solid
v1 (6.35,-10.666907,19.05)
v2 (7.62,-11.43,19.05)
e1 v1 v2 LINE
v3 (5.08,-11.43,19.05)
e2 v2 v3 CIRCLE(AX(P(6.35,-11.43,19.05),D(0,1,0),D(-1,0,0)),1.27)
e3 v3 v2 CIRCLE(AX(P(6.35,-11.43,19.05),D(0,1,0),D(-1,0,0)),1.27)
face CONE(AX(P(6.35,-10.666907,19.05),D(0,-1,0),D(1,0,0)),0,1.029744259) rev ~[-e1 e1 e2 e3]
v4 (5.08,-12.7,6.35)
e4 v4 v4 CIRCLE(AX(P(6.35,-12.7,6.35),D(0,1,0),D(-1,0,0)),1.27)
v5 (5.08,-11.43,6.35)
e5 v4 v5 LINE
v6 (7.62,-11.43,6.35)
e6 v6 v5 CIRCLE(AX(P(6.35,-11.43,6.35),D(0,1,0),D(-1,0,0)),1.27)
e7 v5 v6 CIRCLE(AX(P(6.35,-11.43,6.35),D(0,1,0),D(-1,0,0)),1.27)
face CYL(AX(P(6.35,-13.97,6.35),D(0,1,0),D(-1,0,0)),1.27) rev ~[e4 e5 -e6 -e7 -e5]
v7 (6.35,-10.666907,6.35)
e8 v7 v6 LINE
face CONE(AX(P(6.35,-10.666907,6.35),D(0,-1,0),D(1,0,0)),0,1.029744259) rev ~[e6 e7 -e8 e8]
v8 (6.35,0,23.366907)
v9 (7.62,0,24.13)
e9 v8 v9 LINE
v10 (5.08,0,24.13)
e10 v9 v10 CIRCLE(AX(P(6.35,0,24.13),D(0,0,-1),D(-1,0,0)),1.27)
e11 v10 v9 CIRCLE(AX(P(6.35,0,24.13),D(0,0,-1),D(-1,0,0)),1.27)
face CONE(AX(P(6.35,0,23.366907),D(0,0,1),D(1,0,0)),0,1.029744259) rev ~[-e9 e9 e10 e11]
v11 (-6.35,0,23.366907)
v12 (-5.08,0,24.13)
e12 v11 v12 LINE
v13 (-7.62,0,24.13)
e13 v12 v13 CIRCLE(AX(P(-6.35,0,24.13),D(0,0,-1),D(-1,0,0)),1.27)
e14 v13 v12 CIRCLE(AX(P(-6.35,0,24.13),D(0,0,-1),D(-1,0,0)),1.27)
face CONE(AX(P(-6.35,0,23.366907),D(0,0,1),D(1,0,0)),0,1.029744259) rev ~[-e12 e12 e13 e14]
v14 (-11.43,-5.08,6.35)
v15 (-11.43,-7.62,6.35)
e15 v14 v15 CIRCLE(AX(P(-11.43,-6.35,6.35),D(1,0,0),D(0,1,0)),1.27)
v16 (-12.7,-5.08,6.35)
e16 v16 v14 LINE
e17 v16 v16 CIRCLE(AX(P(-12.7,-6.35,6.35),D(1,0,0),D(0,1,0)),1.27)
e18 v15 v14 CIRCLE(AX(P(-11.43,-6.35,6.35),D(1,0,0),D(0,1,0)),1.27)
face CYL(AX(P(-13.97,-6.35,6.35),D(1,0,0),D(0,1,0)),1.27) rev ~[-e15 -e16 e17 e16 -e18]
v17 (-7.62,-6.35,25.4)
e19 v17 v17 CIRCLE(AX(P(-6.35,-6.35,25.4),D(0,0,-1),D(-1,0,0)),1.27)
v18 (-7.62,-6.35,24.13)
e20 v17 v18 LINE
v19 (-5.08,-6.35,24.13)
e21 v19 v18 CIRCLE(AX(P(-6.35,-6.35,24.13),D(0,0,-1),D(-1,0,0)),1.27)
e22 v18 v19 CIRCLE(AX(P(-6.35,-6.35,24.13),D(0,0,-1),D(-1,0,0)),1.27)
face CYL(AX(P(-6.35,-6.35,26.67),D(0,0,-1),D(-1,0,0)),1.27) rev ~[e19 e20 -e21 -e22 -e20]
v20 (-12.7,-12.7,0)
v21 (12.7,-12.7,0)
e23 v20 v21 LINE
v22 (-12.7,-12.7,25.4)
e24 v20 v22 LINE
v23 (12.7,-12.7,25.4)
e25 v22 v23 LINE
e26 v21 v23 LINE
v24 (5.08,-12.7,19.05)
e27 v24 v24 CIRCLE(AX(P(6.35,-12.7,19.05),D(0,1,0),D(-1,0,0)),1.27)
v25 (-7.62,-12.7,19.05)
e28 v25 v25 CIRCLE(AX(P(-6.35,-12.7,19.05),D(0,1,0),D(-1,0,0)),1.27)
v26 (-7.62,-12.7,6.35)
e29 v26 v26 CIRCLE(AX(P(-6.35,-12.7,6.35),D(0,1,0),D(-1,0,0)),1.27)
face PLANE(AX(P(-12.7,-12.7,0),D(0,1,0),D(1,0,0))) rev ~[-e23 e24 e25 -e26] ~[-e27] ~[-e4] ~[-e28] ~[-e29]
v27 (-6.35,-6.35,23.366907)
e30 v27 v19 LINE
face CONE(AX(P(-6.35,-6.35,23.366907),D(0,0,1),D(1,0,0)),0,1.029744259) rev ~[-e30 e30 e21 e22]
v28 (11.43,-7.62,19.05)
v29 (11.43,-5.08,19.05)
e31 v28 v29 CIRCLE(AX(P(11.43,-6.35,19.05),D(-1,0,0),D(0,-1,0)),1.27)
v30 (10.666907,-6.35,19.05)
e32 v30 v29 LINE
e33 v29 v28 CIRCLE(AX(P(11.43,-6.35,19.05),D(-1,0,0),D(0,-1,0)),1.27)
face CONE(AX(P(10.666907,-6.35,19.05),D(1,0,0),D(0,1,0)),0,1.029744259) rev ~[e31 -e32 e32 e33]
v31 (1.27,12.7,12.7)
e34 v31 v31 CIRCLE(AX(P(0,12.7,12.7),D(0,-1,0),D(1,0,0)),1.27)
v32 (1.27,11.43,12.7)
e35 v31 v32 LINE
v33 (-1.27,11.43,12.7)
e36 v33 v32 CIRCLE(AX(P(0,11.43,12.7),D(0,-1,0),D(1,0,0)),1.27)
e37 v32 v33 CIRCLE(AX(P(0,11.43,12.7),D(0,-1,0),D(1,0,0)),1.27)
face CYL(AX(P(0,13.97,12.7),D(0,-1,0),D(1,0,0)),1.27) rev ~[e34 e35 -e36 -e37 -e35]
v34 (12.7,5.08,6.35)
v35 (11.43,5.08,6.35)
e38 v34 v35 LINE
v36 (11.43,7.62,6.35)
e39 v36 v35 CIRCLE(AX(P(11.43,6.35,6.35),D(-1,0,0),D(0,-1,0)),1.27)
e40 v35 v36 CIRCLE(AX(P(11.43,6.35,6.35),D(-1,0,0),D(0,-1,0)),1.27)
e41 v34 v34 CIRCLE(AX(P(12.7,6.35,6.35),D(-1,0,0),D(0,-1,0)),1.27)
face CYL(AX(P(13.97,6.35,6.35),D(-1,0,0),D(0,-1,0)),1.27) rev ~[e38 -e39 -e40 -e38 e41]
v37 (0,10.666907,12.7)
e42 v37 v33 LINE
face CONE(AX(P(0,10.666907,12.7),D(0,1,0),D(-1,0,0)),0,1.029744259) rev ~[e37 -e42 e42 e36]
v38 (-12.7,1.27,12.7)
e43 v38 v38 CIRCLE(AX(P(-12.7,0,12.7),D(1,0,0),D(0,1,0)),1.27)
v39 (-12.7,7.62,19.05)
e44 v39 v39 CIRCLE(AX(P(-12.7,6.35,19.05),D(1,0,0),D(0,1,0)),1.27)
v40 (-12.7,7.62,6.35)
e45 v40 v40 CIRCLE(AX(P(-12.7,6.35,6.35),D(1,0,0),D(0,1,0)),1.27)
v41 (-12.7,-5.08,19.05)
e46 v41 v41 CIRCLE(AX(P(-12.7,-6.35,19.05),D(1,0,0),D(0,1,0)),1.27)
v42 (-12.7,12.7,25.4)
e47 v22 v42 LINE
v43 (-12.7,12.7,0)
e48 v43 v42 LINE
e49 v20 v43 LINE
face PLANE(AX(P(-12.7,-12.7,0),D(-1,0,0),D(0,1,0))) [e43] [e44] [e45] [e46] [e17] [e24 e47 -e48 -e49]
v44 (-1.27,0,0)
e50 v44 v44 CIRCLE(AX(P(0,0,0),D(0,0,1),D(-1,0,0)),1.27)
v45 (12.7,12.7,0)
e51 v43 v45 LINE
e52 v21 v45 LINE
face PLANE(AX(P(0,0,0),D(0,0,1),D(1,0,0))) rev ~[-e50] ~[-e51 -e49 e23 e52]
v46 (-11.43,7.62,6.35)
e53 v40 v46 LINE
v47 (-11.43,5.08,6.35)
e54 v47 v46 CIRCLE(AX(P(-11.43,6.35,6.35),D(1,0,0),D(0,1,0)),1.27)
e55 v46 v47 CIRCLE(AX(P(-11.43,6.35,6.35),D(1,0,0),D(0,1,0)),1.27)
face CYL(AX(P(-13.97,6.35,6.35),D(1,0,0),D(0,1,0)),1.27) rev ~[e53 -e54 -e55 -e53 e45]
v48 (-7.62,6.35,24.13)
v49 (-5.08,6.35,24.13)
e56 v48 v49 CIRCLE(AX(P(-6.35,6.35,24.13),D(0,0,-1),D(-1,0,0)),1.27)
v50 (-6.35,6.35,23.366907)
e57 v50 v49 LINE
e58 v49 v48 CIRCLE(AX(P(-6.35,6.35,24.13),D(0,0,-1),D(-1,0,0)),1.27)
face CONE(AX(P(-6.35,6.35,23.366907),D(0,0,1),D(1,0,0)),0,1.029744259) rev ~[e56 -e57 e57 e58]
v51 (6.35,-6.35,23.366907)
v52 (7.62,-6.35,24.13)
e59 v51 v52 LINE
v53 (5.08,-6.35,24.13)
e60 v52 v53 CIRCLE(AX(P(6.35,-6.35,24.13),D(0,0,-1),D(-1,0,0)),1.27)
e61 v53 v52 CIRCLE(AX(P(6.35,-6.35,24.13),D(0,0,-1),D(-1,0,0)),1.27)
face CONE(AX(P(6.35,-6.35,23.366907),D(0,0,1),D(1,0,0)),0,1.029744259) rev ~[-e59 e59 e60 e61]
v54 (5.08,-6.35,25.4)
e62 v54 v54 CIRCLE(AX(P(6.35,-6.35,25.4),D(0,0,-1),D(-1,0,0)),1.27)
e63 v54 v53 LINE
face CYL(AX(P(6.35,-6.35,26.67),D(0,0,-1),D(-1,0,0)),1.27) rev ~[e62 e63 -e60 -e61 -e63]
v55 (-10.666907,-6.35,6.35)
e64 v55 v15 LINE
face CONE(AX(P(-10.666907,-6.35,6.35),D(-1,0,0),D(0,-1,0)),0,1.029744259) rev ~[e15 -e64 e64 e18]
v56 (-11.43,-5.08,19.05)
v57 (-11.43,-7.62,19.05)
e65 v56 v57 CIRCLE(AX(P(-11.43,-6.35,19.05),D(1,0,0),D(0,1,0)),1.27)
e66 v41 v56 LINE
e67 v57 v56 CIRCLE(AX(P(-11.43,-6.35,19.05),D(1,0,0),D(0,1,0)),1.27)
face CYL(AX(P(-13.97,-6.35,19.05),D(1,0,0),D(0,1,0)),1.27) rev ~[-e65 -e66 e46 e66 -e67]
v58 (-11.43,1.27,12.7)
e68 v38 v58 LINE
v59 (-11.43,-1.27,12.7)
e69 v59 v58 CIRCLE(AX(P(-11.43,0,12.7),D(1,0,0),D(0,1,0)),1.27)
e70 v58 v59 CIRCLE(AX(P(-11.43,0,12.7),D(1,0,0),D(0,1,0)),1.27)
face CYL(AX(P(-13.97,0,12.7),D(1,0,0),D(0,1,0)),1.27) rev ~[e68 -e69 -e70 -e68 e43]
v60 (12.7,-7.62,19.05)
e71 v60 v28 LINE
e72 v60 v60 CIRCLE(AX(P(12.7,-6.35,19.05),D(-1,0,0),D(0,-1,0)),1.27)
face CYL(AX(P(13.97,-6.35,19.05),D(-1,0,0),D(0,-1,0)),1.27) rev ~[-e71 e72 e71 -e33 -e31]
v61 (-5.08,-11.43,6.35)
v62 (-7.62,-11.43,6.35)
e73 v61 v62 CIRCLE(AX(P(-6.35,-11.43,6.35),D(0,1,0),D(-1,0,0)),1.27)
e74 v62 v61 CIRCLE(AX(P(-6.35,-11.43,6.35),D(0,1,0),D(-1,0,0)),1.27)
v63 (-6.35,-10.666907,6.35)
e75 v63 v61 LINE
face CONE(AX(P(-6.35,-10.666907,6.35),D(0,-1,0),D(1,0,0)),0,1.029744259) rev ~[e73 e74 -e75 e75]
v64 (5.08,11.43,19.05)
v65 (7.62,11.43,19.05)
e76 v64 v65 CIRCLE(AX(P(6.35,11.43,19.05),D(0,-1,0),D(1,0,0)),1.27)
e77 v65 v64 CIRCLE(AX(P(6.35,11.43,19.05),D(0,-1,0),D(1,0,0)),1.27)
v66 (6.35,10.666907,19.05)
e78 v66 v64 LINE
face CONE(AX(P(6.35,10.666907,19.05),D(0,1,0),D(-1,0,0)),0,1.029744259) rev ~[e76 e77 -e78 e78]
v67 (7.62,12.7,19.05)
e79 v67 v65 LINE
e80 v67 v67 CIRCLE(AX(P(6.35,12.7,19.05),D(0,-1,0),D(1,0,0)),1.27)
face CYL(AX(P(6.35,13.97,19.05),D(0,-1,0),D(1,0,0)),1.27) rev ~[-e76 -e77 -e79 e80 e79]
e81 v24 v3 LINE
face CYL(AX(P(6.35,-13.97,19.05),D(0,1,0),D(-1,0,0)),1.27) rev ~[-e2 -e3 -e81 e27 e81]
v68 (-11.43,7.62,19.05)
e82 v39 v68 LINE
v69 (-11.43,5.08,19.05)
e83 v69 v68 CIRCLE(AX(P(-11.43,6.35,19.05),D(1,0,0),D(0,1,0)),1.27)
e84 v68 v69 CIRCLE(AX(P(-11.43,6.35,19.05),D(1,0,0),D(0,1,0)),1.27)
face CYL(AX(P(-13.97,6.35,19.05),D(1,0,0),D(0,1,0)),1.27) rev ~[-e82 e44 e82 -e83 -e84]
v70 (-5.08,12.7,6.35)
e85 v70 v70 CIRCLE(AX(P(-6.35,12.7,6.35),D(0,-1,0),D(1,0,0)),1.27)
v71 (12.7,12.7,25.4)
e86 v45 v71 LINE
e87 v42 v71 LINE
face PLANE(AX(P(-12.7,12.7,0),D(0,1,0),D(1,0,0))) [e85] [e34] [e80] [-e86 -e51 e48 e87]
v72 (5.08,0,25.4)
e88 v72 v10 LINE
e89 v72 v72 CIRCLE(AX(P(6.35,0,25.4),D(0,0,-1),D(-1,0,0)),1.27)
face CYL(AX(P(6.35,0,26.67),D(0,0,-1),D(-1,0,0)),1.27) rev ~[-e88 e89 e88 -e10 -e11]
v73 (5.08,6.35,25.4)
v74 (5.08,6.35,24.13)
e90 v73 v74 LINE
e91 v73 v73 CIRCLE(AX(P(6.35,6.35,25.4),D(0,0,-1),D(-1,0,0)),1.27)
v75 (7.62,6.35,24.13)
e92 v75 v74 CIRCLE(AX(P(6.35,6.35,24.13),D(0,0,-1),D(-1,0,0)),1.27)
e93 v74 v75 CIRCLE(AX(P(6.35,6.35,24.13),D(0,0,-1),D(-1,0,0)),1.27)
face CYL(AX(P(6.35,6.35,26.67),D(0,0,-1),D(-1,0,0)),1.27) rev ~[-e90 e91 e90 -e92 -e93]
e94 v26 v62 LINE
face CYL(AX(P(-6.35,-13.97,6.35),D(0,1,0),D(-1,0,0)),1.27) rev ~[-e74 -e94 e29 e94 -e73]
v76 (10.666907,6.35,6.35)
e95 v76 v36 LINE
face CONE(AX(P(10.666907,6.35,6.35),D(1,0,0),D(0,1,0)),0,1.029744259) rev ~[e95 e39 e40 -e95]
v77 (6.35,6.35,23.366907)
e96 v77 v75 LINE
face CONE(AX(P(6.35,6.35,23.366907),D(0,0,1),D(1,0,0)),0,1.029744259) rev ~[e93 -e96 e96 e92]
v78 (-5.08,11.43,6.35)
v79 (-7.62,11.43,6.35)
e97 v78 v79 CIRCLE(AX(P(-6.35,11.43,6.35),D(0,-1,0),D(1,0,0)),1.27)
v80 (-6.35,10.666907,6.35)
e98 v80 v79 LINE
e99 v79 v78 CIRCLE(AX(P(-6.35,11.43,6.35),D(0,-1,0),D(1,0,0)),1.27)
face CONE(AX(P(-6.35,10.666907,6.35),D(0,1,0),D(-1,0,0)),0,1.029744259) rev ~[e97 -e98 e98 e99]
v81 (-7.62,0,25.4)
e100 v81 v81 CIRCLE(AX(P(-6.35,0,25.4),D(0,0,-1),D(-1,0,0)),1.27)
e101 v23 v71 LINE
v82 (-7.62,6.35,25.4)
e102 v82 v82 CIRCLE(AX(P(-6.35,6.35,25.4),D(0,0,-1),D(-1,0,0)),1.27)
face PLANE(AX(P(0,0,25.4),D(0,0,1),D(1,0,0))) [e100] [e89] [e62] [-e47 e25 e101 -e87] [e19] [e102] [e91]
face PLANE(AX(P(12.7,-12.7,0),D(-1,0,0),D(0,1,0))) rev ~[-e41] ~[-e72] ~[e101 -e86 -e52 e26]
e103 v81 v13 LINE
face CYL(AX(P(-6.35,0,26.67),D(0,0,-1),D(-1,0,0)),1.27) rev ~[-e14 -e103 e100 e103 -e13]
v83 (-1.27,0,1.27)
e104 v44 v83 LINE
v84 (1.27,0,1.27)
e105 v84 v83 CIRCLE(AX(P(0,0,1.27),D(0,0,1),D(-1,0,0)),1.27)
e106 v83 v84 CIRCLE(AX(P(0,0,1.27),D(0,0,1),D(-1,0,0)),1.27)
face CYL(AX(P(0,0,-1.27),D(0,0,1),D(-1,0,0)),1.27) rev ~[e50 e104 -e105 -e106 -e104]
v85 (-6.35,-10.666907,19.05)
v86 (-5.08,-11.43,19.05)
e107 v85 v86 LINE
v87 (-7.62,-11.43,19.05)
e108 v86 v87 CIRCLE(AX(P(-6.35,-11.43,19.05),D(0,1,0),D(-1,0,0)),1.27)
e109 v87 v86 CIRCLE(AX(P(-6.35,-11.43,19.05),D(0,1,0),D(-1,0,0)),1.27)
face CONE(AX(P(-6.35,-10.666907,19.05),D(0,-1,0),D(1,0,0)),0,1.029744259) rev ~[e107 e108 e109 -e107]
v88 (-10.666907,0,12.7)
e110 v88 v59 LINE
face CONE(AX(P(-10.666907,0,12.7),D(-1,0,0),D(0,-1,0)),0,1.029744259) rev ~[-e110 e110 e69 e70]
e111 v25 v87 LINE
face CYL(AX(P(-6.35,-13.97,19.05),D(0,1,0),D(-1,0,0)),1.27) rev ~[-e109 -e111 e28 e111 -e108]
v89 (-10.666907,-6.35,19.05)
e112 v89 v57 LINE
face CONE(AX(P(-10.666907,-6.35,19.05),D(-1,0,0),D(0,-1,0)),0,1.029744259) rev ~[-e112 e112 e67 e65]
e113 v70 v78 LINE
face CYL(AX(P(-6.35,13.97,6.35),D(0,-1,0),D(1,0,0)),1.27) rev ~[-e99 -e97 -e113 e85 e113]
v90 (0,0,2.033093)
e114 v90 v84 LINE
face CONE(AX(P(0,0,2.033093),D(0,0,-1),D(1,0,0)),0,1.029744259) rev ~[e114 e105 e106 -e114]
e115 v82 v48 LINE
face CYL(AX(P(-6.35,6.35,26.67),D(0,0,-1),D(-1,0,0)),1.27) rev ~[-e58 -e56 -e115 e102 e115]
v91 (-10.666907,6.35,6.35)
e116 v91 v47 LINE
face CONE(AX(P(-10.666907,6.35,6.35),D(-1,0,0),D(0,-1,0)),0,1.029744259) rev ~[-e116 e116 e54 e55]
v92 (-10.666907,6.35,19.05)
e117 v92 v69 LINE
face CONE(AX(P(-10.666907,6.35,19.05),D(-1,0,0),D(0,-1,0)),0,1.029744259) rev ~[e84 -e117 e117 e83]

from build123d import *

# Parameters (mm, degrees)
F0_W      = 25.4
F0_H      = 25.4
F1_DEPTH  = 25.4
F7_D      = 2.54
F7_DEPTH  = 1.27
F7_TIP    = 0.7630929862
F8_D      = 2.54
F8_DEPTH  = 1.27
F8_TIP    = 0.7630929862
F9_D      = 2.54
F9_DEPTH  = 1.27
F9_TIP    = 0.7630929862
F10_D     = 2.54
F10_DEPTH = 1.27
F10_TIP   = 0.7630929862
F11_D     = 2.54
F11_DEPTH = 1.27
F11_TIP   = 0.7630929862
F12_D     = 2.54
F12_DEPTH = 1.27
F12_TIP   = 0.7630929862


with BuildPart() as f1:
    # F0 (on Top) → F1 (new body)
    with BuildSketch(Plane.XY):
        Rectangle(F0_W, F0_H)
    extrude(amount=F1_DEPTH)

    # F7
    with Locations(Plane.XY.offset(25.4)):
        with Locations((-6.35, 6.35), (6.35, 6.35), (-6.35, 0), (-6.35, -6.35), (6.35, 0), (6.35, -6.35)):
            Hole(F7_D / 2, depth=F7_DEPTH)
            with Locations((0, 0, -(F7_DEPTH + F7_TIP / 2))):  # 118° drill point
                Cone(0, F7_D / 2, F7_TIP, mode=Mode.SUBTRACT)

    # F8
    with Locations(Plane.XZ.offset(12.7)):
        with Locations((-6.35, 19.05), (6.35, 19.05), (6.35, 6.35), (-6.35, 6.35)):
            Hole(F8_D / 2, depth=F8_DEPTH)
            with Locations((0, 0, -(F8_DEPTH + F8_TIP / 2))):  # 118° drill point
                Cone(0, F8_D / 2, F8_TIP, mode=Mode.SUBTRACT)

    # F9
    with Locations(Plane(origin=(-12.7, 0, 0), x_dir=(0, -1, 0), z_dir=(-1, 0, 0))):
        with Locations((-6.35, 6.35), (-6.35, 19.05), (6.35, 19.05), (6.35, 6.35), (0, 12.7)):
            Hole(F9_D / 2, depth=F9_DEPTH)
            with Locations((0, 0, -(F9_DEPTH + F9_TIP / 2))):  # 118° drill point
                Cone(0, F9_D / 2, F9_TIP, mode=Mode.SUBTRACT)

    # F10
    with Locations(Plane(origin=(0, 12.7, 0), x_dir=(-1, 0, 0), z_dir=(0, 1, 0))):
        with Locations((6.35, 6.35), (0, 12.7), (-6.35, 19.05)):
            Hole(F10_D / 2, depth=F10_DEPTH)
            with Locations((0, 0, -(F10_DEPTH + F10_TIP / 2))):  # 118° drill point
                Cone(0, F10_D / 2, F10_TIP, mode=Mode.SUBTRACT)

    # F11
    with Locations(Plane(origin=(0, 0, 0), x_dir=(1, 0, 0), z_dir=(0, 0, -1))):
        with Locations((0, 0)):
            Hole(F11_D / 2, depth=F11_DEPTH)
            with Locations((0, 0, -(F11_DEPTH + F11_TIP / 2))):  # 118° drill point
                Cone(0, F11_D / 2, F11_TIP, mode=Mode.SUBTRACT)

    # F12
    with Locations(Plane.YZ.offset(12.7)):
        with Locations((-6.35, 19.05), (6.35, 6.35)):
            Hole(F12_D / 2, depth=F12_DEPTH)
            with Locations((0, 0, -(F12_DEPTH + F12_TIP / 2))):  # 118° drill point
                Cone(0, F12_D / 2, F12_TIP, mode=Mode.SUBTRACT)


solid = f1.part
